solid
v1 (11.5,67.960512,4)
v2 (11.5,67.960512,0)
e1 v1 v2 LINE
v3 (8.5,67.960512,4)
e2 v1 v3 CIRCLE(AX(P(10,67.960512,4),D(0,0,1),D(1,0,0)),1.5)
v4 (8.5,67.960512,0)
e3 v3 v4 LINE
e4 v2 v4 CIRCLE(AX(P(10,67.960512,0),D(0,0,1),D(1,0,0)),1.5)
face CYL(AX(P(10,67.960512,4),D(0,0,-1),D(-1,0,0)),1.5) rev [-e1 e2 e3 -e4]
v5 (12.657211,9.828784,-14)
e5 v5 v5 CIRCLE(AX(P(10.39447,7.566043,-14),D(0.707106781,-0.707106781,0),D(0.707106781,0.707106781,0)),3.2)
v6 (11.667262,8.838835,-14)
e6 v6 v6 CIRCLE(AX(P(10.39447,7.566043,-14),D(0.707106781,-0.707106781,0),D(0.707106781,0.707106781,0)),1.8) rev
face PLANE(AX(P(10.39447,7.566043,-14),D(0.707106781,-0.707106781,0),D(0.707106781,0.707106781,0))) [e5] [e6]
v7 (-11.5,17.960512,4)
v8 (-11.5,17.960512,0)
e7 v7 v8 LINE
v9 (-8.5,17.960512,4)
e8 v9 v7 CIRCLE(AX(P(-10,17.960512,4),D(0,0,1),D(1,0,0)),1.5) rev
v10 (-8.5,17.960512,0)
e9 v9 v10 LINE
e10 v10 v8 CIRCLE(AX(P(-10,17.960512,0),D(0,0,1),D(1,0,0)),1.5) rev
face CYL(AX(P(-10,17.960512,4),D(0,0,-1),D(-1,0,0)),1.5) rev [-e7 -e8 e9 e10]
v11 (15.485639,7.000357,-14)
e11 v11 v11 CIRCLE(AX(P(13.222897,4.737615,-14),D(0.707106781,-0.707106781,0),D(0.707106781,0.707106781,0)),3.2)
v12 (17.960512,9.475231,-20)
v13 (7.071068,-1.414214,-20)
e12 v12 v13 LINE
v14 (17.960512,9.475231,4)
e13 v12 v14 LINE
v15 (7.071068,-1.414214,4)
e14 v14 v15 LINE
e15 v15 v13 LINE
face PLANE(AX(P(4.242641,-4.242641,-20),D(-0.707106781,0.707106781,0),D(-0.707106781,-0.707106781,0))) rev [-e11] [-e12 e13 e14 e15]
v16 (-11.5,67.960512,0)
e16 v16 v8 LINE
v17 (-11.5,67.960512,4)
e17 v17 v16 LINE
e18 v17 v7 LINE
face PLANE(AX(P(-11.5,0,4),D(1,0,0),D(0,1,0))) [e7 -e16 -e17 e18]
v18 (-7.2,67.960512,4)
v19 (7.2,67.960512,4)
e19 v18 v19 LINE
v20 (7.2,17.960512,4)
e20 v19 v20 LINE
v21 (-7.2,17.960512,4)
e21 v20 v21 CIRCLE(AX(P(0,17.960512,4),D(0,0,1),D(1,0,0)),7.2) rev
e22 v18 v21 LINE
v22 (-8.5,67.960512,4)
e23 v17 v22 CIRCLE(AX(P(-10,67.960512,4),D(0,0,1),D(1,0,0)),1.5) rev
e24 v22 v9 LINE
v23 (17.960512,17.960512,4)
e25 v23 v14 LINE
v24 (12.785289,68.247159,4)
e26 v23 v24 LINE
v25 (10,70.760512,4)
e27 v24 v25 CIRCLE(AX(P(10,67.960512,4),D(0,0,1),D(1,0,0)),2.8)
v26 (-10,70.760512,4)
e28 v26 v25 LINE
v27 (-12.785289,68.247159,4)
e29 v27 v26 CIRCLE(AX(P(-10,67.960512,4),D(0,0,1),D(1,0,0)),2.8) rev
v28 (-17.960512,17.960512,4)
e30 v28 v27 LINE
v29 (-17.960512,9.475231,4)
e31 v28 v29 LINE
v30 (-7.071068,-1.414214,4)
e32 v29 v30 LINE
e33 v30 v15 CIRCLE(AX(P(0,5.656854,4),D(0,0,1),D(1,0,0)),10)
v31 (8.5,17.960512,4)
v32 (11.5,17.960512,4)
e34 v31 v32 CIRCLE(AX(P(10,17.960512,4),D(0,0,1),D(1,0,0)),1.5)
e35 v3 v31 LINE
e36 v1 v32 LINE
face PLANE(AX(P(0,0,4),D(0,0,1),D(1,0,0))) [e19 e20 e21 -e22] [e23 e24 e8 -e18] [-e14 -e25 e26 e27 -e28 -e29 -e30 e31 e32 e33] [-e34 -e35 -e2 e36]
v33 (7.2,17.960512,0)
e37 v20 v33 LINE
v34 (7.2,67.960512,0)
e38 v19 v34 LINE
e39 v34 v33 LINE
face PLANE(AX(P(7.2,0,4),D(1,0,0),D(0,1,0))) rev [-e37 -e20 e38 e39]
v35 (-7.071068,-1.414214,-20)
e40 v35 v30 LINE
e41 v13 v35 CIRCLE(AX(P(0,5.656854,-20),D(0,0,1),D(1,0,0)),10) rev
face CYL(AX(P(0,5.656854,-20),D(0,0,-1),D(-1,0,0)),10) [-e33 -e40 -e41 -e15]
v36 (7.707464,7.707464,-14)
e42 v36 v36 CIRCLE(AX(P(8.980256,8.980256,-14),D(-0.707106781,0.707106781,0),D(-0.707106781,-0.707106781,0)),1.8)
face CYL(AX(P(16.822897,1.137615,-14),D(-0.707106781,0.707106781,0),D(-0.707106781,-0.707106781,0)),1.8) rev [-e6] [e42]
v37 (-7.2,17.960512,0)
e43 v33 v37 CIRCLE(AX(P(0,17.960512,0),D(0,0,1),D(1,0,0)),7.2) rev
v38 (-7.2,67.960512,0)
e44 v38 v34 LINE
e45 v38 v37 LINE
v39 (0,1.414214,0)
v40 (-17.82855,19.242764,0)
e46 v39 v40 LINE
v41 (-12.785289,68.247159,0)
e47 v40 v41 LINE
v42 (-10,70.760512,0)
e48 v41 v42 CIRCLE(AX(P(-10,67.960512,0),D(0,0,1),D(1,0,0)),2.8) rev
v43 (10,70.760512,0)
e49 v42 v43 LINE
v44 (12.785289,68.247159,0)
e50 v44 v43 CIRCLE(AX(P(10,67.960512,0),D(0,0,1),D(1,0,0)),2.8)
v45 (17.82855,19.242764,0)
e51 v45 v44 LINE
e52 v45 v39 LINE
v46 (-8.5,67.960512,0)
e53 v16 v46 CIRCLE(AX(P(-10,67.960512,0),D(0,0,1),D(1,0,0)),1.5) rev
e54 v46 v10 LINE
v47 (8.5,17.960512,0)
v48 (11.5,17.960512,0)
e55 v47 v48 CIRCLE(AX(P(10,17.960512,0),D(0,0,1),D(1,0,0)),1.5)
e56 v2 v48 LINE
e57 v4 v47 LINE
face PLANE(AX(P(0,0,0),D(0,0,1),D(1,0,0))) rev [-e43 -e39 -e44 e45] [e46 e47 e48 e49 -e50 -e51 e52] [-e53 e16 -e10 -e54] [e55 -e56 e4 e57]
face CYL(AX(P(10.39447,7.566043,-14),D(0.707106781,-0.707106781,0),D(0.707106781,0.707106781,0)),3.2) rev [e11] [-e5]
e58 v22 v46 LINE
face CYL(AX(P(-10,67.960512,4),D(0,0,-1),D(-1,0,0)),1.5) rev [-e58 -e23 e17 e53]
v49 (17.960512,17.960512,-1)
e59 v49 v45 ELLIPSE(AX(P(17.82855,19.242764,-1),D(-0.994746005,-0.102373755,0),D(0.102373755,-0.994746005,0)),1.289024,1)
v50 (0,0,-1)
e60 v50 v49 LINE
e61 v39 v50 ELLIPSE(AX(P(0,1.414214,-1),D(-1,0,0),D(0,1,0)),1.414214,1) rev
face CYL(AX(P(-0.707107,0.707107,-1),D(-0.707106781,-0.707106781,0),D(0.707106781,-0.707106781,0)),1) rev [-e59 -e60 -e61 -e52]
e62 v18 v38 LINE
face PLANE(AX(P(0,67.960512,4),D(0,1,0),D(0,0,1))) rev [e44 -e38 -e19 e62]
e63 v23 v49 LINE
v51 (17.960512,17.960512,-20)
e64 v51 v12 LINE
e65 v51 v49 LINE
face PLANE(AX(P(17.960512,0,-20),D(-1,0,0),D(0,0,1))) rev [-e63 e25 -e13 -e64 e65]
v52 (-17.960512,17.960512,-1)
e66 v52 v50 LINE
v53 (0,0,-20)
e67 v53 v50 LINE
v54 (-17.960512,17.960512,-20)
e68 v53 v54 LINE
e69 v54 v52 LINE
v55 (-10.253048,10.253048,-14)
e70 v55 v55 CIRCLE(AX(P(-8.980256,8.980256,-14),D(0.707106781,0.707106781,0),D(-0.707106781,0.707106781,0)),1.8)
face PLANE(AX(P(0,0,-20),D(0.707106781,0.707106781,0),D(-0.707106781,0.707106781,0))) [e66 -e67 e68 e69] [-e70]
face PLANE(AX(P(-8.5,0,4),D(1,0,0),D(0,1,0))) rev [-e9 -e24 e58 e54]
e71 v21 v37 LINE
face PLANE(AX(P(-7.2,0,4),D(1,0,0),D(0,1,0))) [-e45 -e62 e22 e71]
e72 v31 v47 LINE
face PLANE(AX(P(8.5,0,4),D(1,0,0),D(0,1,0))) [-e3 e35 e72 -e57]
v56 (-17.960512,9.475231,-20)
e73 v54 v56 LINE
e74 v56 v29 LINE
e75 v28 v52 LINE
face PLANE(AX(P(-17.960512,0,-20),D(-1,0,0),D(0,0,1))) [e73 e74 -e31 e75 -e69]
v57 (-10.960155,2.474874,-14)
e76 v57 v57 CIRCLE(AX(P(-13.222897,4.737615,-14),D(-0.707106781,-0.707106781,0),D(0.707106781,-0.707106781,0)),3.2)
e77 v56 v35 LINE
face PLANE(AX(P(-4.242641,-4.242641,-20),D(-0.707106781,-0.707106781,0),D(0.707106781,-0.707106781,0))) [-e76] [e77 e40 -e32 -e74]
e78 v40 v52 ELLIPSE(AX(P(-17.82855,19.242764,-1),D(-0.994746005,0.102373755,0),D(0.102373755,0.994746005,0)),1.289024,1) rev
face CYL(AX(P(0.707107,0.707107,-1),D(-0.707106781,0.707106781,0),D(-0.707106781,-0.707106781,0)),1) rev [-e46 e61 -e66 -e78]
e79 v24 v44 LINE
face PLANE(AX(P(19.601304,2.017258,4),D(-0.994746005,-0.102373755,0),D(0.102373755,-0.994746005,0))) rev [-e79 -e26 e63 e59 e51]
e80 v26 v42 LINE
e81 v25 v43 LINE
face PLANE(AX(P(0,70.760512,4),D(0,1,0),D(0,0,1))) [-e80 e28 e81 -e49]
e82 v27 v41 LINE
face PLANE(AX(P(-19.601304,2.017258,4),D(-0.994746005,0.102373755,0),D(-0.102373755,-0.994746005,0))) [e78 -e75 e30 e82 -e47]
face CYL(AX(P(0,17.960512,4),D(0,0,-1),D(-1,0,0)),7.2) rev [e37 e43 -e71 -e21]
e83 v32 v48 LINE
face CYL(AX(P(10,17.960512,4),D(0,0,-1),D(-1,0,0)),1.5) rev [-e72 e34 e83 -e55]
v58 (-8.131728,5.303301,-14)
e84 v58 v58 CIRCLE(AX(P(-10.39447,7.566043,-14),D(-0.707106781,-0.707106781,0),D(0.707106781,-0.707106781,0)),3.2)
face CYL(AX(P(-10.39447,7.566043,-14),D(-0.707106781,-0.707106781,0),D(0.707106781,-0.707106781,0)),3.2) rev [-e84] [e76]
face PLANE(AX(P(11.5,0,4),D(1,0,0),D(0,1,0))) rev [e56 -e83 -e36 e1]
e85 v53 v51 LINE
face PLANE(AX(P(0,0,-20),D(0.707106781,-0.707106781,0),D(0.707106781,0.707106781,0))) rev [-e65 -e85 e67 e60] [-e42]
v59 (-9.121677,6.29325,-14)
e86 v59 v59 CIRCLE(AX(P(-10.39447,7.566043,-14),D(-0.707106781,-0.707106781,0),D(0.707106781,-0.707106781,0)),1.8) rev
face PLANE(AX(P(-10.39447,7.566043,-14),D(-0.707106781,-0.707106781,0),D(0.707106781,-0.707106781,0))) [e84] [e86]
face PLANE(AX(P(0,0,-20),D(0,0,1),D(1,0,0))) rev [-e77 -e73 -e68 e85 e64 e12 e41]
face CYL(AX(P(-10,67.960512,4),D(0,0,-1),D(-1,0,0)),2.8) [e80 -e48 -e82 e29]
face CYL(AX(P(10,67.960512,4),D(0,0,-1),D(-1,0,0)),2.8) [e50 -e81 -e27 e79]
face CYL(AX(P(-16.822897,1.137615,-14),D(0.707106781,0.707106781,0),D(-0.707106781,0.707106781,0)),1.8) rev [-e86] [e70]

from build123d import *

# Parameters (mm, degrees)
SALIENTE_EXTRUIR1_DEPTH = 20
SALIENTE_EXTRUIR2_DEPTH = 4
REDONDEO1_R             = 1
REDONDEO2_R             = 10
CROQUIS3_R              = 1.8
CORTAR_EXTRUIR1_DEPTH   = 6
CROQUIS4_R              = 1.8
CORTAR_EXTRUIR2_DEPTH   = 6
CROQUIS5_R              = 3.2
CORTAR_EXTRUIR3_DEPTH   = 4
CROQUIS6_R              = 3.2
CORTAR_EXTRUIR4_DEPTH   = 4


with BuildPart() as part:
    # Croquis2 → Saliente-Extruir1 (new body)
    with BuildSketch(Plane.XY):
        Polygon((0, 0), (-17.960512242, 17.960512242), (-17.960512242, 9.475230868), (0, -8.485281374), align=None)
        Polygon((0, -8.485281374), (0, 0), (17.960512242, 17.960512242), (17.960512242, 9.475230868), align=None)
    extrude(amount=-SALIENTE_EXTRUIR1_DEPTH)

    # Croquis2<3> → Saliente-Extruir2 (add)
    with BuildSketch(Plane.XY):
        Polygon((0, 0), (-17.960512242, 17.960512242), (-17.960512242, 9.475230868), (0, -8.485281374), align=None)
        with BuildLine():
            Line((-17.960512242, 17.960512242), (0, 0))
            Line((0, 0), (0, 10.760512242))
            ThreePointArc((0, 10.760512242), (-5.091168825, 12.869343418), (-7.2, 17.960512242))
            ThreePointArc((-7.2, 17.960512242), (-10, 15.160512242), (-12.8, 17.960512242))
            Line((-12.8, 17.960512242), (-12.8, 67.960512242))
            ThreePointArc((-12.8, 67.960512242), (-12.796319785, 68.104024126), (-12.785288814, 68.247158756))
            Line((-12.785288814, 68.247158756), (-17.960512242, 17.960512242))
        make_face()
        with BuildLine():
            Line((0, 10.760512242), (0, 0))
            Line((0, 0), (17.960512242, 17.960512242))
            Line((17.960512242, 17.960512242), (12.785288814, 68.247158756))
            ThreePointArc((12.785288814, 68.247158756), (12.796319785, 68.104024126), (12.8, 67.960512242))
            Line((12.8, 67.960512242), (12.8, 17.960512242))
            ThreePointArc((12.8, 17.960512242), (10, 15.160512242), (7.2, 17.960512242))
            ThreePointArc((7.2, 17.960512242), (5.091168825, 12.869343418), (0, 10.760512242))
        make_face()
        Polygon((0, -8.485281374), (0, 0), (17.960512242, 17.960512242), (17.960512242, 9.475230868), align=None)
        with BuildLine():
            Line((12.8, 67.960512242), (12.8, 17.960512242))
            ThreePointArc((12.8, 17.960512242), (10, 15.160512242), (7.2, 17.960512242))
            Line((7.2, 17.960512242), (7.2, 67.960512242))
            ThreePointArc((7.2, 67.960512242), (10, 70.760512242), (12.8, 67.960512242))
        make_face()
        with BuildLine():
            ThreePointArc((11.5, 67.960512242), (10, 69.460512242), (8.5, 67.960512242))
            Line((8.5, 67.960512242), (8.5, 17.960512242))
            ThreePointArc((8.5, 17.960512242), (10, 16.460512242), (11.5, 17.960512242))
            Line((11.5, 17.960512242), (11.5, 67.960512242))
        make_face(mode=Mode.SUBTRACT)
        with BuildLine():
            ThreePointArc((-12.8, 67.960512242), (-10, 70.760512242), (-7.2, 67.960512242))
            Line((-7.2, 67.960512242), (-7.2, 17.960512242))
            ThreePointArc((-7.2, 17.960512242), (-10, 15.160512242), (-12.8, 17.960512242))
            Line((-12.8, 17.960512242), (-12.8, 67.960512242))
        make_face()
        with BuildLine():
            Line((-11.5, 67.960512242), (-11.5, 17.960512242))
            ThreePointArc((-11.5, 17.960512242), (-10, 16.460512242), (-8.5, 17.960512242))
            Line((-8.5, 17.960512242), (-8.5, 67.960512242))
            ThreePointArc((-8.5, 67.960512242), (-10, 69.460512242), (-11.5, 67.960512242))
        make_face(mode=Mode.SUBTRACT)
        with BuildLine():
            ThreePointArc((-10, 70.760512242), (-8.020101013, 69.940411229), (-7.2, 67.960512242))
            Line((-7.2, 67.960512242), (0, 67.960512242))
            Line((0, 67.960512242), (0, 70.760512242))
            Line((0, 70.760512242), (-10, 70.760512242))
        make_face()
        with BuildLine():
            ThreePointArc((7.2, 67.960512242), (8.020101013, 69.940411229), (10, 70.760512242))
            Line((10, 70.760512242), (0, 70.760512242))
            Line((0, 70.760512242), (0, 67.960512242))
            Line((0, 67.960512242), (7.2, 67.960512242))
        make_face()
    extrude(amount=SALIENTE_EXTRUIR2_DEPTH)

    # Redondeo1
    redondeo1_edges = [part.edges().sort_by_distance(p)[0] for p in [
        (-8.980256121, 8.980256121, 0),
        (8.980256121, 8.980256121, 0),
    ]]
    fillet(redondeo1_edges, radius=REDONDEO1_R)

    # Redondeo2
    redondeo2_edges = [part.edges().sort_by_distance(p)[0] for p in [
        (0, -8.485281374, -8),
    ]]
    fillet(redondeo2_edges, radius=REDONDEO2_R)

    # Croquis3 → Cortar-Extruir1 (cut)
    with BuildSketch(Plane(origin=(0, 0, 0), x_dir=(0, 0, -1), z_dir=(0.707106781, 0.707106781, 0))):
        with Locations((14, 12.7)):
            Circle(CROQUIS3_R)
    extrude(amount=-CORTAR_EXTRUIR1_DEPTH, mode=Mode.SUBTRACT)

    # Croquis4 → Cortar-Extruir2 (cut)
    with BuildSketch(Plane(origin=(0, 0, 0), x_dir=(0, 0, 1), z_dir=(-0.707106781, 0.707106781, 0))):
        with Locations((-14, 12.7)):
            Circle(CROQUIS4_R)
    extrude(amount=-CORTAR_EXTRUIR2_DEPTH, mode=Mode.SUBTRACT)

    # Croquis5 → Cortar-Extruir3 (cut)
    with BuildSketch(Plane(origin=(4.242640687, -4.242640687, 0), x_dir=(0, 0, -1), z_dir=(0.707106781, -0.707106781, 0))):
        with Locations((14, 12.7)):
            Circle(CROQUIS5_R)
    extrude(amount=-CORTAR_EXTRUIR3_DEPTH, mode=Mode.SUBTRACT)

    # Croquis6 → Cortar-Extruir4 (cut)
    with BuildSketch(Plane(origin=(-4.242640687, -4.242640687, 0), x_dir=(0, 0, 1), z_dir=(-0.707106781, -0.707106781, 0))):
        with Locations((-14, 12.7)):
            Circle(CROQUIS6_R)
    extrude(amount=-CORTAR_EXTRUIR4_DEPTH, mode=Mode.SUBTRACT)


solid = part.part
